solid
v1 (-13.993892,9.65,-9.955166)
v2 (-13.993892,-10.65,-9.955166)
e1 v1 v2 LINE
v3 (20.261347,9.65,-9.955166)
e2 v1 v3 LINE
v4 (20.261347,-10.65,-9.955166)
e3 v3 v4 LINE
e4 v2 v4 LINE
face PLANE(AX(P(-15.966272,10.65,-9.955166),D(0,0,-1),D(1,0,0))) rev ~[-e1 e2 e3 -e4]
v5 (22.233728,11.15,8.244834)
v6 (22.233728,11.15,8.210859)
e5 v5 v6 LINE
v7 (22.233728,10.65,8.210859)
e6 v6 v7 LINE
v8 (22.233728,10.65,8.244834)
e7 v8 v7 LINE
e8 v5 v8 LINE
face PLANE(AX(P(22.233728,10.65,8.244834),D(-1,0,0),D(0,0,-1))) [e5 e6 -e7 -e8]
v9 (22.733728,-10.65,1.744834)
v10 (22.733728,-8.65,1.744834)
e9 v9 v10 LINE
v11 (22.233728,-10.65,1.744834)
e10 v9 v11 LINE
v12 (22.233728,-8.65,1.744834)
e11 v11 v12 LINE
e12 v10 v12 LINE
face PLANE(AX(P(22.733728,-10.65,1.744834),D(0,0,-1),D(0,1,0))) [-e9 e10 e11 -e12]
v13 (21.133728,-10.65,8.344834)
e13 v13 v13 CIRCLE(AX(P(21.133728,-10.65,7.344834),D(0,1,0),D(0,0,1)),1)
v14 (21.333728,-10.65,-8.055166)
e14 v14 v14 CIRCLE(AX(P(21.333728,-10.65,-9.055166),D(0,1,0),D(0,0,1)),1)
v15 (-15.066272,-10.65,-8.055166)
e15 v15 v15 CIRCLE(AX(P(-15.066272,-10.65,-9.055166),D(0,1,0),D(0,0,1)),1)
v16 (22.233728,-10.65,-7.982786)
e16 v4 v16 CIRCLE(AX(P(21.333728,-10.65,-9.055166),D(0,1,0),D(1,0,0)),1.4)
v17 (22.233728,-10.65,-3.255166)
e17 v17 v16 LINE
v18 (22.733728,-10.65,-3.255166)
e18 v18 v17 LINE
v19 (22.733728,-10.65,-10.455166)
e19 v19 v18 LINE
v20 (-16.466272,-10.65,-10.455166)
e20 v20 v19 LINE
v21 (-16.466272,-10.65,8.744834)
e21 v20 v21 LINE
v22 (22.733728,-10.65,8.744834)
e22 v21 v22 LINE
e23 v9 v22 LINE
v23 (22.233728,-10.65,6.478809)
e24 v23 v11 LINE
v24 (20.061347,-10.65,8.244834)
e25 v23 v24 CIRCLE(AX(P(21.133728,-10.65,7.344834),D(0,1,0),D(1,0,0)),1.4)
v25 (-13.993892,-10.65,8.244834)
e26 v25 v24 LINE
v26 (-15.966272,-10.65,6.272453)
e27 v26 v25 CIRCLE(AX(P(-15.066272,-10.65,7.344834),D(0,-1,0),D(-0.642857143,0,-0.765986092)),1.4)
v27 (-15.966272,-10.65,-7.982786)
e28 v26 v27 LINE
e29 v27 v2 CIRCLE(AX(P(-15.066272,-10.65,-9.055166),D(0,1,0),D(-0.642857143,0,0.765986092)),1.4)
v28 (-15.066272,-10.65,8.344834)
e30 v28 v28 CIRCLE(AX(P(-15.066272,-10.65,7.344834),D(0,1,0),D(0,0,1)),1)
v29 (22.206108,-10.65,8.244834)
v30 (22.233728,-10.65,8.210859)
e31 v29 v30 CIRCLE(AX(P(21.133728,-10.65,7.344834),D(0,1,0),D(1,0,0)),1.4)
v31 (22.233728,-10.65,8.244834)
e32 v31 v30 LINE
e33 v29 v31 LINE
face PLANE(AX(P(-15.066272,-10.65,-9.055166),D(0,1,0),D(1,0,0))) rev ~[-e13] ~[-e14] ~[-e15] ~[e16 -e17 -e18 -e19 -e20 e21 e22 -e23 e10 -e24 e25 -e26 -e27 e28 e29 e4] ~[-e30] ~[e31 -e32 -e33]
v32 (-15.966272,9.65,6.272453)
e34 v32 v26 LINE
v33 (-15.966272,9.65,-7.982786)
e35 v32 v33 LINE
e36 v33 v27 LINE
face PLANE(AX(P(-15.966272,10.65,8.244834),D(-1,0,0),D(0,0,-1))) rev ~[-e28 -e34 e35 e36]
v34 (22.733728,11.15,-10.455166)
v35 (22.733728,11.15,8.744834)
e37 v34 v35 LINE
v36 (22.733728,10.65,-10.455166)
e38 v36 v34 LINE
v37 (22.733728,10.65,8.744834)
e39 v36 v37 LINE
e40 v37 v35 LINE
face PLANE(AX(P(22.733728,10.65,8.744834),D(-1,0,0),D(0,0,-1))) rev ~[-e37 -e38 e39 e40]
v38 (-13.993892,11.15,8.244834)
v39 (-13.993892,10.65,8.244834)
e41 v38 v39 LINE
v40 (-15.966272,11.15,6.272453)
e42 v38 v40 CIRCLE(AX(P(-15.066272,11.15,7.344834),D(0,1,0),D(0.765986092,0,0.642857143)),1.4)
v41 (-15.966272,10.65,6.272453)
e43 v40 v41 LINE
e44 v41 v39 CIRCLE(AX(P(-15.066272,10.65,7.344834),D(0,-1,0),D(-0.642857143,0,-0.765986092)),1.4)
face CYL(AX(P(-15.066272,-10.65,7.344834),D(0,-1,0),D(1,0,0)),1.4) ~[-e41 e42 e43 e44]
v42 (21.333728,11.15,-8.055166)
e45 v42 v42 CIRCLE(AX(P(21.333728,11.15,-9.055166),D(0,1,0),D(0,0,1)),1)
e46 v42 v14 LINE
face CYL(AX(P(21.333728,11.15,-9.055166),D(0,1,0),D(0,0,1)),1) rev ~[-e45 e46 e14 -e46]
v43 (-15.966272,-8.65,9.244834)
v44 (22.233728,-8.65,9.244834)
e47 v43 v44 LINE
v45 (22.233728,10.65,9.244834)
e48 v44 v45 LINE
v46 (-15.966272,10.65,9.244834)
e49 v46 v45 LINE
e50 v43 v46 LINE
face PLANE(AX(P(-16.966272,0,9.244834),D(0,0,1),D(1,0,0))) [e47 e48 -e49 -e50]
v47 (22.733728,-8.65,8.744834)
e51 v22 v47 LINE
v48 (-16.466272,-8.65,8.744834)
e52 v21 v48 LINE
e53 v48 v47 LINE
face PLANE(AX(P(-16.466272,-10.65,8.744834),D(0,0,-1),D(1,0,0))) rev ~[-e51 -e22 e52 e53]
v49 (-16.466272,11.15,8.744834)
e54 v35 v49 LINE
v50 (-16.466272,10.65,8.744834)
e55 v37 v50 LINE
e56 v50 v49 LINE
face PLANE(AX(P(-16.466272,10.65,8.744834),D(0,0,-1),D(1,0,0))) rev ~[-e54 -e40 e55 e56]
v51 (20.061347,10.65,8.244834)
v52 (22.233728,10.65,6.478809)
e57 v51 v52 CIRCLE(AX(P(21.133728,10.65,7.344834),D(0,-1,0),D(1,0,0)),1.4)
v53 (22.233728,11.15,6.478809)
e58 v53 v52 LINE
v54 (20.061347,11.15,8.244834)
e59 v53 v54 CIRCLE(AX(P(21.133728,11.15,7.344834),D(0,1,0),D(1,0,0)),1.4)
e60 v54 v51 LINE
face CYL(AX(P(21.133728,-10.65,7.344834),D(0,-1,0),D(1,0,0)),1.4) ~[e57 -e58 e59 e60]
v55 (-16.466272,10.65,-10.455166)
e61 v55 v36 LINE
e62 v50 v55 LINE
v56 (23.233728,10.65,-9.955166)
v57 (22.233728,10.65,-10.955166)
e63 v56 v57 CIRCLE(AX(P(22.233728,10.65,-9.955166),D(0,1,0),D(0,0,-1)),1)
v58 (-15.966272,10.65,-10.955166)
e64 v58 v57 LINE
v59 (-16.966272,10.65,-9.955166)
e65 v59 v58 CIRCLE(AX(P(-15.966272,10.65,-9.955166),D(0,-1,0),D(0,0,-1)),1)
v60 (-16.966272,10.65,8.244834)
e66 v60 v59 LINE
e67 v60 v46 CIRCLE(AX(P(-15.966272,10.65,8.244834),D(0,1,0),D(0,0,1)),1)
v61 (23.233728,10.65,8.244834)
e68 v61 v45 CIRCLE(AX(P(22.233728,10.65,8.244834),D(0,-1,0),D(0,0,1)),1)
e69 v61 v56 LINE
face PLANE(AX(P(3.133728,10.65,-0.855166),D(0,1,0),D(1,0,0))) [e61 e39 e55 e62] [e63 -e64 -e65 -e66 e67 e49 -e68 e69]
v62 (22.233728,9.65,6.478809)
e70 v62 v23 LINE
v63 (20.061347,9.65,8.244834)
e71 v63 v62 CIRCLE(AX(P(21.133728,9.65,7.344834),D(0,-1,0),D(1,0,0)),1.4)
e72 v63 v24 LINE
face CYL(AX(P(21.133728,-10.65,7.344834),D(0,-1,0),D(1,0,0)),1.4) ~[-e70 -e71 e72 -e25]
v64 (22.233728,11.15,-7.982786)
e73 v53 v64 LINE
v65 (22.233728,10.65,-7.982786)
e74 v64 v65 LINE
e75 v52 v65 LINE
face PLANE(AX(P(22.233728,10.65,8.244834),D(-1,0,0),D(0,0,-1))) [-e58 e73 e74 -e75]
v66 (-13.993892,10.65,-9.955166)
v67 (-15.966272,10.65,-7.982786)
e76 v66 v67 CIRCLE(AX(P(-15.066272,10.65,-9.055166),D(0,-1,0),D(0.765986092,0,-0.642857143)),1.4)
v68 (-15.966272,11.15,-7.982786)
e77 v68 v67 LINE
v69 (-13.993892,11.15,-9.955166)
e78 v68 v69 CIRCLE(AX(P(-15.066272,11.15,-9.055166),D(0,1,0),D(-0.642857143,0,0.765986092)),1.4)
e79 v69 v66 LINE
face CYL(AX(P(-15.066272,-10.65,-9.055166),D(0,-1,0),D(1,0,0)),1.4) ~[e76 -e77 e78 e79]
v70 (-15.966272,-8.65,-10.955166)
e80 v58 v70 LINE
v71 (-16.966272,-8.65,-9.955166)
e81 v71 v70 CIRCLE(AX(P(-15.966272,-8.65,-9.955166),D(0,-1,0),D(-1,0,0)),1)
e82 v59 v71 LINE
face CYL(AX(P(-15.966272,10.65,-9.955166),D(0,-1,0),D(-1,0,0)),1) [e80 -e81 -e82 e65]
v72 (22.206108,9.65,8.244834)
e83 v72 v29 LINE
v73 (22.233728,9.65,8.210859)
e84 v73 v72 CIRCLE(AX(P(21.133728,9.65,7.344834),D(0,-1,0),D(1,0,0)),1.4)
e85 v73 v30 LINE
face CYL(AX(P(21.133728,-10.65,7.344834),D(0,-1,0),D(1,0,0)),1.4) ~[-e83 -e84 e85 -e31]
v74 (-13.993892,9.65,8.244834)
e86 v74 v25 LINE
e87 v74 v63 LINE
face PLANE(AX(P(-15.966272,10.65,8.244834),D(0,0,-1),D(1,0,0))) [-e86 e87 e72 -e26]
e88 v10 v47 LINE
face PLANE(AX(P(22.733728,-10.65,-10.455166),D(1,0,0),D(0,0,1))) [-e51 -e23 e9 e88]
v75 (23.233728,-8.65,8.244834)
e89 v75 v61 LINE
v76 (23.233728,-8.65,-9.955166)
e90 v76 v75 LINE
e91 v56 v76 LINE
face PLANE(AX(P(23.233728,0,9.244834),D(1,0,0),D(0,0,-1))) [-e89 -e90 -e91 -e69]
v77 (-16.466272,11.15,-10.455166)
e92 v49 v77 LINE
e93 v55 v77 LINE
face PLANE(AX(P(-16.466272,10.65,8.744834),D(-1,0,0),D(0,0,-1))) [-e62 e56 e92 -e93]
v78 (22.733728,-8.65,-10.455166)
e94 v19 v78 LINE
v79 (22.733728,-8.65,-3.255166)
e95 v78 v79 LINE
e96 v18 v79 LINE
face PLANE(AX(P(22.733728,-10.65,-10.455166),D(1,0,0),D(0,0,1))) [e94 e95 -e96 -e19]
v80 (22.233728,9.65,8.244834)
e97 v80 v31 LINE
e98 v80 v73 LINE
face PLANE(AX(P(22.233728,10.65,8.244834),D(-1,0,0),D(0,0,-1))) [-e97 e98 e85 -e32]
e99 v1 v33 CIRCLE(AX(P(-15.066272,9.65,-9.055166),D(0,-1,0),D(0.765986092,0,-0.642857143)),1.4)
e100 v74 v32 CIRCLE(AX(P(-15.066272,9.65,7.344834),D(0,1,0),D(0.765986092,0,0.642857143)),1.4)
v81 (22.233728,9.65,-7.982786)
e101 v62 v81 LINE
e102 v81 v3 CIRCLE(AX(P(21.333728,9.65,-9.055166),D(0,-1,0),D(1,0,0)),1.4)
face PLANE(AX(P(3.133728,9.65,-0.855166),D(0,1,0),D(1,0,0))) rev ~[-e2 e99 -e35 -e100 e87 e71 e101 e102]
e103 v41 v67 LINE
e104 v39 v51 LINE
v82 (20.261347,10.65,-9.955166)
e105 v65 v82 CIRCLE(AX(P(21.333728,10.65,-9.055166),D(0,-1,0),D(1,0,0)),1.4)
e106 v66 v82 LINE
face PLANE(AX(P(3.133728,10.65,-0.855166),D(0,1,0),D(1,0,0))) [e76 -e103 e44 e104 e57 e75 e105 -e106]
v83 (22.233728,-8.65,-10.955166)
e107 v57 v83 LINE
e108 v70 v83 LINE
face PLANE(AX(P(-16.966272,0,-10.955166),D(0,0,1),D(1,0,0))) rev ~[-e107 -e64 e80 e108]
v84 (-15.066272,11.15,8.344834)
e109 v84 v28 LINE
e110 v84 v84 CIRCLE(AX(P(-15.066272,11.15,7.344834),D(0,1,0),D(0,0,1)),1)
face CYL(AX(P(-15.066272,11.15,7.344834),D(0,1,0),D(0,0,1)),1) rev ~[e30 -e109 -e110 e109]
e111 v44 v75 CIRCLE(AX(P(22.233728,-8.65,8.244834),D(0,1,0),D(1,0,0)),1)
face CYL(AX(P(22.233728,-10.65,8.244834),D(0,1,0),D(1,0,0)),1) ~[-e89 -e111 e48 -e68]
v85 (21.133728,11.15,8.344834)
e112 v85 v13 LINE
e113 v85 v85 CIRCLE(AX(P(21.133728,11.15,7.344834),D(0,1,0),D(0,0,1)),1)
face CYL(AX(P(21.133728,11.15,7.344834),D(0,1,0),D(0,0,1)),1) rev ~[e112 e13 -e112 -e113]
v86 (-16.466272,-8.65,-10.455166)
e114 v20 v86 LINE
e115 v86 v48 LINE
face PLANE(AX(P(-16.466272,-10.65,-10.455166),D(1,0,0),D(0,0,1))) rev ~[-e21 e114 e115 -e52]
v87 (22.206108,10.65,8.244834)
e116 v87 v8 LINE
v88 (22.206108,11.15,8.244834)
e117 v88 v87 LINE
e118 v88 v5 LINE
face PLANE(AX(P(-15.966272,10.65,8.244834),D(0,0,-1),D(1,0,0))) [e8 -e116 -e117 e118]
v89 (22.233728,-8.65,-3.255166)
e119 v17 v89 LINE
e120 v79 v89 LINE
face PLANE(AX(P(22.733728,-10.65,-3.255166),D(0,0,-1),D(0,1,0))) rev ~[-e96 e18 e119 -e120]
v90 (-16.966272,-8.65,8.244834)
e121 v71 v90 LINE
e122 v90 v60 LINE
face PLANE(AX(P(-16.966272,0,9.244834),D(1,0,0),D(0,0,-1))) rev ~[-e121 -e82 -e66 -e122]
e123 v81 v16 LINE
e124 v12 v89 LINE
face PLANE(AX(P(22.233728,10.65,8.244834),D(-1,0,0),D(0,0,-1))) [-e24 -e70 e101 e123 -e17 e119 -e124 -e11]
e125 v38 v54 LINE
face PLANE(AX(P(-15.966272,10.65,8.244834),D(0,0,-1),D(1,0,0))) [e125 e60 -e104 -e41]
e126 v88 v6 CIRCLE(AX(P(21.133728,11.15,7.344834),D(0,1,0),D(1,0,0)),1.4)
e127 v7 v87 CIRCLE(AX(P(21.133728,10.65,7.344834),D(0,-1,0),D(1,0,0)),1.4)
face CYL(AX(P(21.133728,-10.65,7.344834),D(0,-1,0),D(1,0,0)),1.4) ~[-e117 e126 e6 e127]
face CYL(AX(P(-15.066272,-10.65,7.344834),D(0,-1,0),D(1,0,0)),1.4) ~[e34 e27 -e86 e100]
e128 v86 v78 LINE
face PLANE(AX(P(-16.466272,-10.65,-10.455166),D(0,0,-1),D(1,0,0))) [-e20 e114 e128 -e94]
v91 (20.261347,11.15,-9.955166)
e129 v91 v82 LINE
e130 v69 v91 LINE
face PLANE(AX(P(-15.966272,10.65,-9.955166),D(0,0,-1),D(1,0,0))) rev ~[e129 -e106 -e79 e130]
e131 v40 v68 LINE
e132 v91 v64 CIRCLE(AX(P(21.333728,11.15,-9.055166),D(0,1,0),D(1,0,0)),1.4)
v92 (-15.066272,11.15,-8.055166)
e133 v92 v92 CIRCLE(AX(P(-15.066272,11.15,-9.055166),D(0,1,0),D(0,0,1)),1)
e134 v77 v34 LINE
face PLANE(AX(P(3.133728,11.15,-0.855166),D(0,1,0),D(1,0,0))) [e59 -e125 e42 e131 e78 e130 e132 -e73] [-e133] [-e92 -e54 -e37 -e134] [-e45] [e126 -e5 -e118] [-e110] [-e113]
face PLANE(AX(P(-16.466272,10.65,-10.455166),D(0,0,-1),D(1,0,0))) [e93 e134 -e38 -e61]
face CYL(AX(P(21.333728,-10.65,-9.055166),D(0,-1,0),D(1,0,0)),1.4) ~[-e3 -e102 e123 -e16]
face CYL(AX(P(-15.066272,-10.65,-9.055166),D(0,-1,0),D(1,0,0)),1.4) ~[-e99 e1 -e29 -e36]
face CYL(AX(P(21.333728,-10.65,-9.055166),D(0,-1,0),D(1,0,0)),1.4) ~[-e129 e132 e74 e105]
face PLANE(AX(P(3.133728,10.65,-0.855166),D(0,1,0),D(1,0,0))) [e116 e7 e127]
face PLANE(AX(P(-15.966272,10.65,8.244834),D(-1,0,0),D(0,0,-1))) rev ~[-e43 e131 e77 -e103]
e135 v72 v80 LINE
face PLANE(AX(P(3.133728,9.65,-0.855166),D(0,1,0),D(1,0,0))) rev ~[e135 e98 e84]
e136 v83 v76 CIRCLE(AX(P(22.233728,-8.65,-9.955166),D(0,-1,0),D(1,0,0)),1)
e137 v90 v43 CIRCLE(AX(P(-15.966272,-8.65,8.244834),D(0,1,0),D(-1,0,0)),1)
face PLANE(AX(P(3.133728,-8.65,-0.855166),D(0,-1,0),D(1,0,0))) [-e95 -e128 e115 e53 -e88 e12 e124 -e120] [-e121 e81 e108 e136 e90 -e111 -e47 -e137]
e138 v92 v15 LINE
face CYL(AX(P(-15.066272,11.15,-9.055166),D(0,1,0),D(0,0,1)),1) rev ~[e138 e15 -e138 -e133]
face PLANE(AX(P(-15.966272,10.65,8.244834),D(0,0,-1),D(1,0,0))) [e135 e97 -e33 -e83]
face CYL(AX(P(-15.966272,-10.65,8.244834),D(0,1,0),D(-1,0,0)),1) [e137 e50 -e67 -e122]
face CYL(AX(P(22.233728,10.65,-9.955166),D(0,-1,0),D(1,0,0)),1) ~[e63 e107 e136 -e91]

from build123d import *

# Parameters (mm, degrees)
SKETCH1_W           = 40.2
SKETCH1_H           = 20.2
SKETCH1_W_2         = 38.2
SKETCH1_H_2         = 18.2
BOSS_EXTRUDE1_DEPTH = 10.65
FILLET1_R           = 1
SKETCH2_W           = 39.2
SKETCH2_H           = 19.2
SKETCH2_W_2         = 38.2
SKETCH2_H_2         = 18.2
BOSS_EXTRUDE2_DEPTH = 0.5
SKETCH3_W           = 38.2
SKETCH3_H           = 18.2
BOSS_EXTRUDE3_DEPTH = 1
BOSS_EXTRUDE4_START = -21.8
SKETCH4_R           = 1.4
BOSS_EXTRUDE4_DEPTH = 21.8
SKETCH5_R           = 1
CUT_EXTRUDE1_DEPTH  = 34.690677644
SKETCH6_W           = 40.2
SKETCH6_H           = 20.2
SKETCH6_W_2         = 39.2
SKETCH6_H_2         = 19.2
CUT_EXTRUDE2_DEPTH  = 2
SKETCH7_W           = 5
SKETCH7_H           = 2
CUT_EXTRUDE3_DEPTH  = 0.5


with BuildPart() as part:
    # Sketch1 → Boss-Extrude1 (new, symmetric)
    with BuildSketch(Plane(origin=(0, 0, 0), x_dir=(1, 0, 0), z_dir=(0, 1, 0))):
        with Locations((3.133727572, 0.855166052)):
            Rectangle(SKETCH1_W, SKETCH1_H)
        with Locations((3.133727572, 0.855166052)):
            Rectangle(SKETCH1_W_2, SKETCH1_H_2, mode=Mode.SUBTRACT)
    extrude(amount=BOSS_EXTRUDE1_DEPTH, both=True)

    # Fillet1
    fillet1_edges = [part.edges().sort_by_distance(p)[0] for p in [
        (-16.966272428, 0, -10.955166052),
        (23.233727572, 0, -10.955166052),
        (23.233727572, 0, 9.244833948),
        (-16.966272428, 0, 9.244833948),
    ]]
    fillet(fillet1_edges, radius=FILLET1_R)

    # Sketch2 → Boss-Extrude2 (add)
    with BuildSketch(Plane(origin=(0, 10.65, 0), x_dir=(1, 0, 0), z_dir=(0, 1, 0))):
        with Locations((3.133727572, 0.855166052)):
            Rectangle(SKETCH2_W, SKETCH2_H)
        with Locations((3.133727572, 0.855166052)):
            Rectangle(SKETCH2_W_2, SKETCH2_H_2, mode=Mode.SUBTRACT)
    extrude(amount=BOSS_EXTRUDE2_DEPTH)

    # Sketch3 → Boss-Extrude3 (add)
    with BuildSketch(Plane(origin=(0, 10.65, 0), x_dir=(1, 0, 0), z_dir=(0, 1, 0))):
        with Locations((3.133727572, 0.855166052)):
            Rectangle(SKETCH3_W, SKETCH3_H)
    extrude(amount=-BOSS_EXTRUDE3_DEPTH)

    # Sketch4 → Boss-Extrude4 (add)
    with BuildSketch(Plane(origin=(0, 11.15, 0), x_dir=(1, 0, 0), z_dir=(0, 1, 0)).offset(BOSS_EXTRUDE4_START)):
        with Locations((-15.066272428, 9.055166052)):
            Circle(SKETCH4_R)
        with Locations((-15.066272428, -7.344833948)):
            Circle(SKETCH4_R)
        with Locations((21.333727572, 9.055166052)):
            Circle(SKETCH4_R)
        with Locations((21.133727572, -7.344833948)):
            Circle(SKETCH4_R)
    extrude(amount=BOSS_EXTRUDE4_DEPTH)

    # Sketch5 → Cut-Extrude1 (cut, through all)
    with BuildSketch(Plane(origin=(0, 11.15, 0), x_dir=(1, 0, 0), z_dir=(0, 1, 0))):
        with Locations(Location((-15.066272428, 9.055166052, 0), (0, 0, 270))):
            Circle(SKETCH5_R)
        with Locations(Location((-15.066272428, -7.344833948, 0), (0, 0, 270))):
            Circle(SKETCH5_R)
        with Locations(Location((21.333727572, 9.055166052, 0), (0, 0, 270))):
            Circle(SKETCH5_R)
        with Locations(Location((21.133727572, -7.344833948, 0), (0, 0, 270))):
            Circle(SKETCH5_R)
    extrude(amount=-CUT_EXTRUDE1_DEPTH, mode=Mode.SUBTRACT)

    # Sketch6 → Cut-Extrude2 (cut)
    with BuildSketch(Plane.XZ.offset(10.65)):
        with Locations((3.133727572, -0.855166052)):
            Rectangle(SKETCH6_W, SKETCH6_H)
        with Locations((3.133727572, -0.855166052)):
            Rectangle(SKETCH6_W_2, SKETCH6_H_2, mode=Mode.SUBTRACT)
    extrude(amount=-CUT_EXTRUDE2_DEPTH, mode=Mode.SUBTRACT)

    # Sketch7 → Cut-Extrude3 (cut)
    with BuildSketch(Plane(origin=(22.733727572, 0, 0), x_dir=(0, 0, -1), z_dir=(1, 0, 0))):
        with Locations((0.755166052, -9.65)):
            Rectangle(SKETCH7_W, SKETCH7_H)
    extrude(amount=-CUT_EXTRUDE3_DEPTH, mode=Mode.SUBTRACT)


solid = part.part
